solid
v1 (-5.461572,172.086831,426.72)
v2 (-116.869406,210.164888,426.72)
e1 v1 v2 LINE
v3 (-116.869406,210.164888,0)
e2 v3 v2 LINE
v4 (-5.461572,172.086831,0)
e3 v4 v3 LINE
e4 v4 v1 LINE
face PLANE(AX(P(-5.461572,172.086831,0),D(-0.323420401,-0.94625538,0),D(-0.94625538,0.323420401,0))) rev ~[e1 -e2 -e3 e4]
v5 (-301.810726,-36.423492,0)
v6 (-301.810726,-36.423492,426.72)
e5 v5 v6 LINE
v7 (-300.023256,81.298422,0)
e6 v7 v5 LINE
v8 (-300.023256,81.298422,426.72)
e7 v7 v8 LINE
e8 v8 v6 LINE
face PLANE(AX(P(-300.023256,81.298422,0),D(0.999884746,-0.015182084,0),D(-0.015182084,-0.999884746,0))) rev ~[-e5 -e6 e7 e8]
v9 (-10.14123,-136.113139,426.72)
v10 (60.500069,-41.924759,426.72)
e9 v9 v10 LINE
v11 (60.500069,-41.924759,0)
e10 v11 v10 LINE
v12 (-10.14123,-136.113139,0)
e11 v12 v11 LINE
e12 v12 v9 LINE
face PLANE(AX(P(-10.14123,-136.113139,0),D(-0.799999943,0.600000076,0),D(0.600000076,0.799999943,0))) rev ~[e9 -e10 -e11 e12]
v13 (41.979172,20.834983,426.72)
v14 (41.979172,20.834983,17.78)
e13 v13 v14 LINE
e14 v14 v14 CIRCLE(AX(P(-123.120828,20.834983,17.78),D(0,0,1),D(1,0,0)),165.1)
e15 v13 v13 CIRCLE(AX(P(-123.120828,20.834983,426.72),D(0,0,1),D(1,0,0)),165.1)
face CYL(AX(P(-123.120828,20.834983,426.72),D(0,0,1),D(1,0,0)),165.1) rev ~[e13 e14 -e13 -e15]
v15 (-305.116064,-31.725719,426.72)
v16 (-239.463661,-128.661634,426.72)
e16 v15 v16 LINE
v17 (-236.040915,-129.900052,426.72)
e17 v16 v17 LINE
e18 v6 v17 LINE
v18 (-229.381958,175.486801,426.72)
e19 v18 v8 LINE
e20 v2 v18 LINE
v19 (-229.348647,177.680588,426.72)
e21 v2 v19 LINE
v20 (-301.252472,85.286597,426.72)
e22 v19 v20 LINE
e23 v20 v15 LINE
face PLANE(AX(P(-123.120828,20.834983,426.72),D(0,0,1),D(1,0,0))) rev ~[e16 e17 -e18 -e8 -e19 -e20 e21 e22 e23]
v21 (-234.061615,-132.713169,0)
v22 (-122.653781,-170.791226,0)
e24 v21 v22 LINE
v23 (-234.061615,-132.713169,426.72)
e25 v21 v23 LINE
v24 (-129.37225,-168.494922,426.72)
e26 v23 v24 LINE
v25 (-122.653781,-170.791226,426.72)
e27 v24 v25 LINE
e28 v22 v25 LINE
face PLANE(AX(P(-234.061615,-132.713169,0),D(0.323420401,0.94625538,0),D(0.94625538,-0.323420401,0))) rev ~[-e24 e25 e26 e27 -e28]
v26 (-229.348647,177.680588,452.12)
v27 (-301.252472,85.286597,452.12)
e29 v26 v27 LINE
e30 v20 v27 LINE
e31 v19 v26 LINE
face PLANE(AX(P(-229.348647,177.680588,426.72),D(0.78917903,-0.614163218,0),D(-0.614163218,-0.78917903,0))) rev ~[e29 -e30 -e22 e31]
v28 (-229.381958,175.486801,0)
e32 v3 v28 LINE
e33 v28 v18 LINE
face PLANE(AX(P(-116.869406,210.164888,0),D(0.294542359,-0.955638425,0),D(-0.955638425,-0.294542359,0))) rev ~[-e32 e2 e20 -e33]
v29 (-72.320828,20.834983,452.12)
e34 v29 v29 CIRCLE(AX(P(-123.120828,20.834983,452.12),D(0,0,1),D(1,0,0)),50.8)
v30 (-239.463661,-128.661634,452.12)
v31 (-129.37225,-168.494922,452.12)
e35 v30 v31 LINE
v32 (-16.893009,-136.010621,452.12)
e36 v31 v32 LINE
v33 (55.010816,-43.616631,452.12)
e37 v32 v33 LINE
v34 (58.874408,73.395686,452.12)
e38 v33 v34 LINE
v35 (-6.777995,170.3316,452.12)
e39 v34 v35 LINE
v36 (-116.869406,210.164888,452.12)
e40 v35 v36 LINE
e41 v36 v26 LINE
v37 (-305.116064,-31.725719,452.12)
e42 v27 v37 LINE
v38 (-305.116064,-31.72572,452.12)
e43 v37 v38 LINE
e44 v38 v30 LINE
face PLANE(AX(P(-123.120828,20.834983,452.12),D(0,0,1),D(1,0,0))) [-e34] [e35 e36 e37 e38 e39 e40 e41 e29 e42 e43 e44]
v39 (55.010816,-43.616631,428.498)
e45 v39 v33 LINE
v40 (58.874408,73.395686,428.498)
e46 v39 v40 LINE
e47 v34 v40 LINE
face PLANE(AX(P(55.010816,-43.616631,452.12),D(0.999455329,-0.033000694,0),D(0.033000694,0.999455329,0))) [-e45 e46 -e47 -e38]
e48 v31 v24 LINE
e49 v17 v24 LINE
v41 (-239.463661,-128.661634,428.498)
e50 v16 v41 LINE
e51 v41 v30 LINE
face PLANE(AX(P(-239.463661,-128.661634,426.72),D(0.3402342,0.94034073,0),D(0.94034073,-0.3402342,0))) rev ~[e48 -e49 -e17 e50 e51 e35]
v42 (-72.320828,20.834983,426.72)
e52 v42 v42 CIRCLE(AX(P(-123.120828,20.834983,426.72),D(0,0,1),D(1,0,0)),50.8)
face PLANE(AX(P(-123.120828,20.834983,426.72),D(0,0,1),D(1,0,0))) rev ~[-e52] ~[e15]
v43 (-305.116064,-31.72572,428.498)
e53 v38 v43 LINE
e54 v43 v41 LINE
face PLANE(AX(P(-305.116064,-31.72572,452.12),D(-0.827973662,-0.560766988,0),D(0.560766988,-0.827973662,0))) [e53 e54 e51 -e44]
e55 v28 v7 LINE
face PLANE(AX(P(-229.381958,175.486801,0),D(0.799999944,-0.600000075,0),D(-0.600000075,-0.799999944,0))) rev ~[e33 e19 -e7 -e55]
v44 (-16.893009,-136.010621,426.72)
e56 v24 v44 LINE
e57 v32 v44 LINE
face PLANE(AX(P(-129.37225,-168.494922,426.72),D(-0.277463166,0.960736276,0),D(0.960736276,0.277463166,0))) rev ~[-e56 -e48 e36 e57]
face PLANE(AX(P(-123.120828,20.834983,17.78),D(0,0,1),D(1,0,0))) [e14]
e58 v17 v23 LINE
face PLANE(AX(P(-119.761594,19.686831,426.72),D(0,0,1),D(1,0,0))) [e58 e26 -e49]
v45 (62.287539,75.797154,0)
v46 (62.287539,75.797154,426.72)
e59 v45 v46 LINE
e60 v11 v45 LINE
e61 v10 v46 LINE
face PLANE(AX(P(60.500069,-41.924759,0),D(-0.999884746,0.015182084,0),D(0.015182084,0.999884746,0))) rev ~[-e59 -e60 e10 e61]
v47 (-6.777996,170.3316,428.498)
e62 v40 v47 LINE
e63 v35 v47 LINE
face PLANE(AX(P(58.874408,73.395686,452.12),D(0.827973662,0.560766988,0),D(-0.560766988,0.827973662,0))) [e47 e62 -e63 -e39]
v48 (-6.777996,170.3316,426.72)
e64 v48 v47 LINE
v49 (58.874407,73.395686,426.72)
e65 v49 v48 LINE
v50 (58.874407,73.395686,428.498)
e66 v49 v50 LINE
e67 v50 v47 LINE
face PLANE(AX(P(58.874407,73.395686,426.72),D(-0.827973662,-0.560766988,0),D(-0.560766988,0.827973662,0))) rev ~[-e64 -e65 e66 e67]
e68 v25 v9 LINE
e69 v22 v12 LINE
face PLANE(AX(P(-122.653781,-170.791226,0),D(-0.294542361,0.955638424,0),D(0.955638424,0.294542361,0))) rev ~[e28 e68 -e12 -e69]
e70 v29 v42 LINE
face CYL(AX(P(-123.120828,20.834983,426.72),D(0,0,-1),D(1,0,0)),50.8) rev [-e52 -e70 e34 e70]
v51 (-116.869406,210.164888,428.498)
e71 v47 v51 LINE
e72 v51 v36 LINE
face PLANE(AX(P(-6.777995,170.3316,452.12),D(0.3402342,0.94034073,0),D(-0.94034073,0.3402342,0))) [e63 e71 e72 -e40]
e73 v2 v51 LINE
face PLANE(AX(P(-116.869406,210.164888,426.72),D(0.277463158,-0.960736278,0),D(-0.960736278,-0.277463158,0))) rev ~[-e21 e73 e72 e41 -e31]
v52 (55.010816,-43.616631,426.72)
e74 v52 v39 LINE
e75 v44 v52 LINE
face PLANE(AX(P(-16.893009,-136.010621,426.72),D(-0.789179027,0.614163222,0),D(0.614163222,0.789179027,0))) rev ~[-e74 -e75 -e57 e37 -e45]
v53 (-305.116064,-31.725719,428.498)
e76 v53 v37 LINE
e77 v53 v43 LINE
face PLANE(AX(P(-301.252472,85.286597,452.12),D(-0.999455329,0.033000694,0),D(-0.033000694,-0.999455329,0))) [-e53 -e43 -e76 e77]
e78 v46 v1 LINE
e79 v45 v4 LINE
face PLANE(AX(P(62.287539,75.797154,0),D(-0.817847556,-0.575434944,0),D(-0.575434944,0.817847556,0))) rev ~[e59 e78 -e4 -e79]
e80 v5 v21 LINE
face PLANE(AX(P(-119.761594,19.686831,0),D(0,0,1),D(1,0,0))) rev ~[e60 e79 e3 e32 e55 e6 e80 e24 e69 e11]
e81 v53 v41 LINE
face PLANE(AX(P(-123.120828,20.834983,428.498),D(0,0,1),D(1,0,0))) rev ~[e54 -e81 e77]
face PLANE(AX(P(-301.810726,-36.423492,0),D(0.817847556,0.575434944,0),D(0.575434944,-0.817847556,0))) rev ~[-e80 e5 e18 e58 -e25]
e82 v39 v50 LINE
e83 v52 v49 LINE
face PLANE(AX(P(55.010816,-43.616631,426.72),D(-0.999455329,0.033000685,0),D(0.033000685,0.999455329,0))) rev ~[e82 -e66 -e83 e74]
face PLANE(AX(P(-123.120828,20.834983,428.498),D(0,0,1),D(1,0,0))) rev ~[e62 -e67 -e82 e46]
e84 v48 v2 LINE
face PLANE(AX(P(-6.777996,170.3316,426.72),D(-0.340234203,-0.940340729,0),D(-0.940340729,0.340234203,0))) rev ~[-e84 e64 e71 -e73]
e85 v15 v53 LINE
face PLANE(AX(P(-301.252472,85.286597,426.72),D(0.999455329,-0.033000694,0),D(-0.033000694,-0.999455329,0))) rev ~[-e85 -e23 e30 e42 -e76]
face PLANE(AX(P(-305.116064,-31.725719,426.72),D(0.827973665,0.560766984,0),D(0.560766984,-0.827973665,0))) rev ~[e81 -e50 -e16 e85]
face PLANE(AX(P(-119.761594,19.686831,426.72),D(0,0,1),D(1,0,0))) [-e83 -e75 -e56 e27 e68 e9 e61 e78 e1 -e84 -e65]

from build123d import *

# Parameters (mm, degrees)
F1_DEPTH  = 426.72
F2_R      = 165.1
F3_DEPTH  = 408.94
F4_R      = 50.8
F5_DEPTH  = 25.4
F5_FACE_R = 50.8
F6_DEPTH  = 23.622


with BuildPart() as f1:
    # F0 (on Top) → F1 (new body)
    with BuildSketch(Plane.XY):
        Polygon((-10.14123, -136.113139), (60.500069, -41.924759), (62.287539, 75.797154), (-5.461572, 172.086831), (-116.869406, 210.164888), (-229.381958, 175.486801), (-300.023256, 81.298422), (-301.810726, -36.423492), (-234.061615, -132.713169), (-122.653781, -170.791226), align=None)
    extrude(amount=F1_DEPTH)

    # F2 (on face) → F3 (cut)
    with BuildSketch(Plane.XY.offset(426.72)):
        with Locations((-123.120828, 20.834983)):
            Circle(F2_R)
    extrude(amount=-F3_DEPTH, mode=Mode.SUBTRACT)

    # F4 (on face) → F5 (join)
    with BuildSketch(Plane.XY.offset(426.72)):
        Polygon((-6.777996, 170.3316), (-116.869406, 210.164888), (-229.348647, 177.680588), (-301.252472, 85.286597), (-305.116064, -31.725719), (-239.463661, -128.661634), (-129.37225, -168.494922), (-16.893009, -136.010621), (55.010816, -43.616631), (58.874407, 73.395686), align=None)
        with Locations((-123.120828, 20.834983)):
            Circle(F4_R, mode=Mode.SUBTRACT)
    extrude(amount=F5_DEPTH)

    # F5_face (on face) → F6 (join)
    with BuildSketch(Plane(origin=(-123.120828, 20.834983, 452.12), x_dir=(1, 0, 0), z_dir=(0, 0, 1))):
        Polygon((181.995236, 52.560703), (116.342833, 149.496617), (6.251422, 189.329905), (-106.227819, 156.845604), (-178.131644, 64.451614), (-181.995236, -52.560703), (-116.342833, -149.496617), (-6.251422, -189.329905), (106.227819, -156.845604), (178.131644, -64.451614), align=None)
        Circle(F5_FACE_R, mode=Mode.SUBTRACT)
    extrude(amount=-F6_DEPTH)


solid = f1.part
